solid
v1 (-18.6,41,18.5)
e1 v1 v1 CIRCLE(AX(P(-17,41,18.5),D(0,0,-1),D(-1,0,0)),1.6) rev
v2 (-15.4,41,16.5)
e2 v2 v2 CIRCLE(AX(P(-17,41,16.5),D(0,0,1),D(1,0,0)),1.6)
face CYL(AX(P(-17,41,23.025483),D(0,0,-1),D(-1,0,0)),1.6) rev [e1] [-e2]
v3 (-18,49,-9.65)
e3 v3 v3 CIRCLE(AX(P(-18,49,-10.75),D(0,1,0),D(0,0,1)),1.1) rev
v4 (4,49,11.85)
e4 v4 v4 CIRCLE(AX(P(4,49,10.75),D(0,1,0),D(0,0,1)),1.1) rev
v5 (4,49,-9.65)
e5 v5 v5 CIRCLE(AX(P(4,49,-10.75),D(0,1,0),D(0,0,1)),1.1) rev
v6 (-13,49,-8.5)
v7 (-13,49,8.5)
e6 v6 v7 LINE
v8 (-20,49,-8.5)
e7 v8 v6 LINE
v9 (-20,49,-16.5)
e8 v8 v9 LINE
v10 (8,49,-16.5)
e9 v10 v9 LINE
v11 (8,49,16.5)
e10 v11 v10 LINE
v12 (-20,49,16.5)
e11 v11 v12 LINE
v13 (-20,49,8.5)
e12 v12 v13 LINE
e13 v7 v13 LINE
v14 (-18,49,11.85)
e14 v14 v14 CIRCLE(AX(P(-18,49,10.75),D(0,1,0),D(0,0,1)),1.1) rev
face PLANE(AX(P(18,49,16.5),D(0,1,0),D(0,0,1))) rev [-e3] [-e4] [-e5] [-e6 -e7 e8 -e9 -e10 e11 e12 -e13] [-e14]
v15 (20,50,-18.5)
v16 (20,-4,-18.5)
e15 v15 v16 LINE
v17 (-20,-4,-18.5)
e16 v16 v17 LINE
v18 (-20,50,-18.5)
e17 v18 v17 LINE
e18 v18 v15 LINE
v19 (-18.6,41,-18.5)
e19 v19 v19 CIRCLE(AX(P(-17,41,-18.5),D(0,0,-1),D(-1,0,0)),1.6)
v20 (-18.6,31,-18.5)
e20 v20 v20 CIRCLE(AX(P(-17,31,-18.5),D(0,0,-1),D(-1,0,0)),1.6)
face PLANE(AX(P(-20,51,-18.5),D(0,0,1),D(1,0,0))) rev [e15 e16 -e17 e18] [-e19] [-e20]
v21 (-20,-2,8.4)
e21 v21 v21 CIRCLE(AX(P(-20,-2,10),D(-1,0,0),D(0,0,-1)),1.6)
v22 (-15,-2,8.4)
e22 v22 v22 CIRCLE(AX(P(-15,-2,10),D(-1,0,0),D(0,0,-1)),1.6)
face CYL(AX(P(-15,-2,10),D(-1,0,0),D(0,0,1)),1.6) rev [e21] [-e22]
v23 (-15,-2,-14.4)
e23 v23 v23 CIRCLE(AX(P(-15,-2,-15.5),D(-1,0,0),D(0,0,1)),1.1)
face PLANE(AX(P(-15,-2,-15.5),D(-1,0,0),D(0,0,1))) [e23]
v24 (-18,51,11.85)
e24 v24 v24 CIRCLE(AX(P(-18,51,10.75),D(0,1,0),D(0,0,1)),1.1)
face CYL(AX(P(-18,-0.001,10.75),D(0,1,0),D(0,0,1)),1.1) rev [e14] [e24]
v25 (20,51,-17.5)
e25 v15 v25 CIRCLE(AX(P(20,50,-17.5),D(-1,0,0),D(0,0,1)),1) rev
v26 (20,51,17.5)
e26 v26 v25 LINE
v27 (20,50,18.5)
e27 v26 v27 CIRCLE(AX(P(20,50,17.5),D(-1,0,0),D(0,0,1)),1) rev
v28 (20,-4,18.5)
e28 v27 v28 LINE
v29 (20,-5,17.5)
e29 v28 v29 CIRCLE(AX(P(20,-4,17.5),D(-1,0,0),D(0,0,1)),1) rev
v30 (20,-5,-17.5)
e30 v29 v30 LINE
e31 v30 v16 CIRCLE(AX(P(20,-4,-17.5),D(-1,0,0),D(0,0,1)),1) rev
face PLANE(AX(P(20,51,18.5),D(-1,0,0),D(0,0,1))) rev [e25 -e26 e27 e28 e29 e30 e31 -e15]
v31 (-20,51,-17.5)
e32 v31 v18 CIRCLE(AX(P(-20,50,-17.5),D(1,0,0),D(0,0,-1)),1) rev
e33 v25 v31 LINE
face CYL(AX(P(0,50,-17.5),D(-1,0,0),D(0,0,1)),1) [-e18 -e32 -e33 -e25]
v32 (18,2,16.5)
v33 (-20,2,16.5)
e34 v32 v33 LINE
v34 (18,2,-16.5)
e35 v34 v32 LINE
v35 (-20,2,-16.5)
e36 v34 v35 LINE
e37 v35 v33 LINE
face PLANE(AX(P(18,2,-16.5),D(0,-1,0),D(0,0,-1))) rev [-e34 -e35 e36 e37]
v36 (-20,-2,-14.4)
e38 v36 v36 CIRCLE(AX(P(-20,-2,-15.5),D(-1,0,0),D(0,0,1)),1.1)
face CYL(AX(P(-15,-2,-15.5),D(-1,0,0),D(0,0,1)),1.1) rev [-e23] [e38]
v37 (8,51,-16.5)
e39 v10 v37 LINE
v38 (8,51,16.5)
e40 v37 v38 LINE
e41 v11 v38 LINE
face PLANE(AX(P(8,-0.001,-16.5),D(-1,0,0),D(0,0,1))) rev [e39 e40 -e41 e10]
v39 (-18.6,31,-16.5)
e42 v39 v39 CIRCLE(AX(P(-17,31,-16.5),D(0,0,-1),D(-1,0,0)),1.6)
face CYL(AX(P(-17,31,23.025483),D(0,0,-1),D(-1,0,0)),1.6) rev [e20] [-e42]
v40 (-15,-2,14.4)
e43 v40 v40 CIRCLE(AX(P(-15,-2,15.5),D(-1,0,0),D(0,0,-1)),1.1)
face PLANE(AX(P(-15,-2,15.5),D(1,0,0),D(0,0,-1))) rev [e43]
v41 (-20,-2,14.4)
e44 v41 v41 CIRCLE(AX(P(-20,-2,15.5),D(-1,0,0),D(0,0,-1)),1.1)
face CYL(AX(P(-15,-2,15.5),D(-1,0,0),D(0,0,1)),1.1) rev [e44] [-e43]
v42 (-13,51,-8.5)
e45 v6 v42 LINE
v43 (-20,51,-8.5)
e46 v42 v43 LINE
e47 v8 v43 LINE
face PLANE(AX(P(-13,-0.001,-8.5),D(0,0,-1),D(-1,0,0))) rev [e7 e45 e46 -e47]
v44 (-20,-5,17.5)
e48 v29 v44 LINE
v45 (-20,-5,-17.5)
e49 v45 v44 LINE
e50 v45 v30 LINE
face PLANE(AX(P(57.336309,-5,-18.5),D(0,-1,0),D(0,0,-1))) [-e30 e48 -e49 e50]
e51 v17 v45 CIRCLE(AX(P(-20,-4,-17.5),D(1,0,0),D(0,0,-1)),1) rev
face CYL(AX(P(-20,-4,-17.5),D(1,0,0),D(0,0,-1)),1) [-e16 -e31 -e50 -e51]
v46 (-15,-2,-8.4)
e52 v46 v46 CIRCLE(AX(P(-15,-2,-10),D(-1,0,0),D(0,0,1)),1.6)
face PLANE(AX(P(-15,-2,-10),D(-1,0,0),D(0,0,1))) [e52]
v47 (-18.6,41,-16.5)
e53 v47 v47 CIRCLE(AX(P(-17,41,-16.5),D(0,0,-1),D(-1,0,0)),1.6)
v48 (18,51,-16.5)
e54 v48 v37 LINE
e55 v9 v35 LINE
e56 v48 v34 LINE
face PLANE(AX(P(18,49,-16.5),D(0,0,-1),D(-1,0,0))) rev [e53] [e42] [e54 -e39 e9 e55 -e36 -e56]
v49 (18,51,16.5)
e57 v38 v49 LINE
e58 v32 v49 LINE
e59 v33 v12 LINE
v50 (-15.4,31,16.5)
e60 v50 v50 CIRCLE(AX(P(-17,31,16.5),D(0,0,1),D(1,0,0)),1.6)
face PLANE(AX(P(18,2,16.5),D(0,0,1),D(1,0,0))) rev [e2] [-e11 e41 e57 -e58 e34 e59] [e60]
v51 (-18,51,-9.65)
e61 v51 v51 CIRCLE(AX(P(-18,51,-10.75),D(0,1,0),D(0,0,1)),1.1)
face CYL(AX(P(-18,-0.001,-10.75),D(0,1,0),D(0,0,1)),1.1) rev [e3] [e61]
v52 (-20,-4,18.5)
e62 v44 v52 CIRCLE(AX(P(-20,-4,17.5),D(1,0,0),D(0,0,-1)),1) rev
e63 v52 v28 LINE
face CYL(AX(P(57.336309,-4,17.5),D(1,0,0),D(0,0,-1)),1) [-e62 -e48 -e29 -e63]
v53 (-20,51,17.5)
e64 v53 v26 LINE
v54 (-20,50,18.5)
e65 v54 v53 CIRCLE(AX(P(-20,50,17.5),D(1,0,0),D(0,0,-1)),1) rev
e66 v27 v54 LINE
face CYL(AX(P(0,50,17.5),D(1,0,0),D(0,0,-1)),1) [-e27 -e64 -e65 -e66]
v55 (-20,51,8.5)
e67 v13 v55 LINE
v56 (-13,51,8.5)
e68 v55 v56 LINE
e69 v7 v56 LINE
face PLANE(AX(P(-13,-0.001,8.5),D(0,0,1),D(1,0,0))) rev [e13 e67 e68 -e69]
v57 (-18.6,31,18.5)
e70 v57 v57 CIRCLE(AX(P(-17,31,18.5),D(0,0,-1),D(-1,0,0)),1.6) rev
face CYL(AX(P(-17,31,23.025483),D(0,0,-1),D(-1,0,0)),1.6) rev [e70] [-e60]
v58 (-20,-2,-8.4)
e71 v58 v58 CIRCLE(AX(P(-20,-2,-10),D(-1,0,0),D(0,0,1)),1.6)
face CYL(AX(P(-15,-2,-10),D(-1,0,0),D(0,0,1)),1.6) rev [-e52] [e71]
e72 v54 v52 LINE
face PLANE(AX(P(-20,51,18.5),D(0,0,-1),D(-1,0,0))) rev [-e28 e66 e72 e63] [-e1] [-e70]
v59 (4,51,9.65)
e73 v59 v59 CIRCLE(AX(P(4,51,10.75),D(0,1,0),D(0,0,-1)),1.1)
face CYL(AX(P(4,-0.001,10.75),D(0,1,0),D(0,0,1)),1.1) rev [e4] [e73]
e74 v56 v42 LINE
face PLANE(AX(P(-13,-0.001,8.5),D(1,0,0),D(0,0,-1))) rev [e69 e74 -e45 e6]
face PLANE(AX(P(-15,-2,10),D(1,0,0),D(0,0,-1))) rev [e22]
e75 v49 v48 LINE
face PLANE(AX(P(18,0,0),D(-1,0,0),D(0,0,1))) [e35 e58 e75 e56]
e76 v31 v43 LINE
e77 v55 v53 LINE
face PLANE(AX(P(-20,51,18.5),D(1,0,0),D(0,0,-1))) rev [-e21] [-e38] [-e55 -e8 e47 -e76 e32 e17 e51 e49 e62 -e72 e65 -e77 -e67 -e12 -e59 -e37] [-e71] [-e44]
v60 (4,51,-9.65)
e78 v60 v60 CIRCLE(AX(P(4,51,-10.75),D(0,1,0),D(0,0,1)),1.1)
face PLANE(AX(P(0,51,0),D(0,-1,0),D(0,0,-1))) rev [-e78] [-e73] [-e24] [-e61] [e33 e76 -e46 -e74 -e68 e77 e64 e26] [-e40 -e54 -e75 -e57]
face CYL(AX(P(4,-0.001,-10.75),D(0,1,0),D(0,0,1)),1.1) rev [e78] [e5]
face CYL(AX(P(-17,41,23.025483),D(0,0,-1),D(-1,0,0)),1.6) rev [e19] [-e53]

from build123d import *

# Parameters (mm, degrees)
SKETCH_1_W          = 40
SKETCH_1_H          = 37
EXTRUDE_1_DEPTH     = 51
SKETCH_3_W          = 33
SKETCH_3_H          = 47
CUT_EXTRUDE_2_DEPTH = 38
CUT_EXTRUDE_3_REACH = 59.821
SKETCH_4_W          = 10
SKETCH_4_H          = 33
CUT_EXTRUDE_4_REACH = 59.821
SKETCH_5_W          = 7
SKETCH_5_H          = 17
CUT_EXTRUDE_5_REACH = 59.821
SKETCH_6_R          = 1.1
SKETCH_7_W          = 37
SKETCH_7_H          = 5
EXTRUDE_2_DEPTH     = 40
SKETCH_9_R          = 1.6
SKETCH_9_R_2        = 1.1
CUT_EXTRUDE_6_DEPTH = 5
CUT_EXTRUDE_7_REACH = 68.106
SKETCH_12_R         = 1.6
FILLET_1_R          = 1


with BuildPart() as part:
    # 草图1 → 凸台-拉伸1 (new body)
    with BuildSketch(Plane(origin=(0, 0, 0), x_dir=(1, 0, 0), z_dir=(0, 1, 0))):
        Rectangle(SKETCH_1_W, SKETCH_1_H)
    extrude(amount=EXTRUDE_1_DEPTH)

    # 草图3 → 切除-拉伸2 (cut)
    with BuildSketch(Plane.ZY.offset(20)):
        with Locations((0, 25.5)):
            Rectangle(SKETCH_3_W, SKETCH_3_H)
    extrude(amount=-CUT_EXTRUDE_2_DEPTH, mode=Mode.SUBTRACT)

    # 草图4 → 切除-拉伸3 (cut, up to next)
    with BuildSketch(Plane(origin=(0, 51, 0), x_dir=(1, 0, 0), z_dir=(0, 1, 0)), mode=Mode.PRIVATE) as cut_extrude_3_sk1:
        with Locations((13, 0)):
            Rectangle(SKETCH_4_W, SKETCH_4_H)
    cut_extrude_3_tool1 = extrude(cut_extrude_3_sk1.sketch, amount=-CUT_EXTRUDE_3_REACH, mode=Mode.PRIVATE) & part.part
    add(cut_extrude_3_tool1.solids().sort_by_distance((13, 51, 0))[0], mode=Mode.SUBTRACT)

    # 草图5 → 切除-拉伸4 (cut, up to next)
    with BuildSketch(Plane(origin=(0, 51, 0), x_dir=(1, 0, 0), z_dir=(0, 1, 0)), mode=Mode.PRIVATE) as cut_extrude_4_sk1:
        with Locations((-16.5, 0)):
            Rectangle(SKETCH_5_W, SKETCH_5_H)
    cut_extrude_4_tool1 = extrude(cut_extrude_4_sk1.sketch, amount=-CUT_EXTRUDE_4_REACH, mode=Mode.PRIVATE) & part.part
    add(cut_extrude_4_tool1.solids().sort_by_distance((-16.5, 51, 0))[0], mode=Mode.SUBTRACT)

    # 草图6 → 切除-拉伸5 (cut, up to next)
    with BuildSketch(Plane(origin=(0, 51, 0), x_dir=(1, 0, 0), z_dir=(0, 1, 0)), mode=Mode.PRIVATE) as cut_extrude_5_sk1:
        with Locations(Location((-18, 10.75, 0), (0, 0, 270))):
            Circle(SKETCH_6_R)
    cut_extrude_5_tool1 = extrude(cut_extrude_5_sk1.sketch, amount=-CUT_EXTRUDE_5_REACH, mode=Mode.PRIVATE) & part.part
    # 草图6 → 切除-拉伸5 (cut, up to next)
    with BuildSketch(Plane(origin=(0, 51, 0), x_dir=(1, 0, 0), z_dir=(0, 1, 0)), mode=Mode.PRIVATE) as cut_extrude_5_sk2:
        with Locations(Location((-18, -10.75, 0), (0, 0, 270))):
            Circle(SKETCH_6_R)
    cut_extrude_5_tool2 = extrude(cut_extrude_5_sk2.sketch, amount=-CUT_EXTRUDE_5_REACH, mode=Mode.PRIVATE) & part.part
    # 草图6 → 切除-拉伸5 (cut, up to next)
    with BuildSketch(Plane(origin=(0, 51, 0), x_dir=(1, 0, 0), z_dir=(0, 1, 0)), mode=Mode.PRIVATE) as cut_extrude_5_sk3:
        with Locations(Location((4, 10.75, 0), (0, 0, 270))):
            Circle(SKETCH_6_R)
    cut_extrude_5_tool3 = extrude(cut_extrude_5_sk3.sketch, amount=-CUT_EXTRUDE_5_REACH, mode=Mode.PRIVATE) & part.part
    # 草图6 → 切除-拉伸5 (cut, up to next)
    with BuildSketch(Plane(origin=(0, 51, 0), x_dir=(1, 0, 0), z_dir=(0, 1, 0)), mode=Mode.PRIVATE) as cut_extrude_5_sk4:
        with Locations(Location((4, -10.75, 0), (0, 0, 270))):
            Circle(SKETCH_6_R)
    cut_extrude_5_tool4 = extrude(cut_extrude_5_sk4.sketch, amount=-CUT_EXTRUDE_5_REACH, mode=Mode.PRIVATE) & part.part
    add(cut_extrude_5_tool1.solids().sort_by_distance((-18, 51, -10.75))[0], mode=Mode.SUBTRACT)
    add(cut_extrude_5_tool2.solids().sort_by_distance((-18, 51, 10.75))[0], mode=Mode.SUBTRACT)
    add(cut_extrude_5_tool3.solids().sort_by_distance((4, 51, -10.75))[0], mode=Mode.SUBTRACT)
    add(cut_extrude_5_tool4.solids().sort_by_distance((4, 51, 10.75))[0], mode=Mode.SUBTRACT)

    # 草图7 → 凸台-拉伸2 (add)
    with BuildSketch(Plane.ZY.offset(20)):
        with Locations((0, -2.5)):
            Rectangle(SKETCH_7_W, SKETCH_7_H)
    extrude(amount=-EXTRUDE_2_DEPTH)

    # 草图9 → 切除-拉伸6 (cut)
    with BuildSketch(Plane.ZY.offset(20)):
        with Locations((-10, -2)):
            Circle(SKETCH_9_R)
        with Locations(Location((10, -2, 0), (0, 0, 180))):
            Circle(SKETCH_9_R)
        with Locations((-15.5, -2)):
            Circle(SKETCH_9_R_2)
        with Locations(Location((15.5, -2, 0), (0, 0, 180))):
            Circle(SKETCH_9_R_2)
    extrude(amount=-CUT_EXTRUDE_6_DEPTH, mode=Mode.SUBTRACT)

    # 切除-拉伸7: up to this face of the body (flat: up to its plane)
    cut_extrude_7_end = Plane(part.part.faces().sort_by_distance((0, 23, 18.5))[0])
    # 草图12 → 切除-拉伸7 (cut, up to the picked face)
    with BuildSketch(Plane(origin=(0, 0, -18.5), x_dir=(-1, 0, 0), z_dir=(0, 0, -1)), mode=Mode.PRIVATE) as cut_extrude_7_sk1:
        with Locations((17, 41)):
            Circle(SKETCH_12_R)
    cut_extrude_7_tool1 = split(extrude(cut_extrude_7_sk1.sketch, amount=-CUT_EXTRUDE_7_REACH, mode=Mode.PRIVATE), bisect_by=cut_extrude_7_end, keep=Keep.BOTH, mode=Mode.PRIVATE)
    # 草图12 → 切除-拉伸7 (cut, up to the picked face)
    with BuildSketch(Plane(origin=(0, 0, -18.5), x_dir=(-1, 0, 0), z_dir=(0, 0, -1)), mode=Mode.PRIVATE) as cut_extrude_7_sk2:
        with Locations((17, 31)):
            Circle(SKETCH_12_R)
    cut_extrude_7_tool2 = split(extrude(cut_extrude_7_sk2.sketch, amount=-CUT_EXTRUDE_7_REACH, mode=Mode.PRIVATE), bisect_by=cut_extrude_7_end, keep=Keep.BOTH, mode=Mode.PRIVATE)
    add(cut_extrude_7_tool1.solids().sort_by(Axis((-17, 41, -18.5), (0, 0, 1)))[0], mode=Mode.SUBTRACT)
    add(cut_extrude_7_tool2.solids().sort_by(Axis((-17, 31, -18.5), (0, 0, 1)))[0], mode=Mode.SUBTRACT)

    # 圆角1
    fillet_1_edges = [part.edges().sort_by_distance(p)[0] for p in [
        (0, 51, 18.5),
        (0, -5, -18.5),
        (0, -5, 18.5),
        (0, 51, -18.5),
    ]]
    fillet(fillet_1_edges, radius=FILLET_1_R)


solid = part.part
